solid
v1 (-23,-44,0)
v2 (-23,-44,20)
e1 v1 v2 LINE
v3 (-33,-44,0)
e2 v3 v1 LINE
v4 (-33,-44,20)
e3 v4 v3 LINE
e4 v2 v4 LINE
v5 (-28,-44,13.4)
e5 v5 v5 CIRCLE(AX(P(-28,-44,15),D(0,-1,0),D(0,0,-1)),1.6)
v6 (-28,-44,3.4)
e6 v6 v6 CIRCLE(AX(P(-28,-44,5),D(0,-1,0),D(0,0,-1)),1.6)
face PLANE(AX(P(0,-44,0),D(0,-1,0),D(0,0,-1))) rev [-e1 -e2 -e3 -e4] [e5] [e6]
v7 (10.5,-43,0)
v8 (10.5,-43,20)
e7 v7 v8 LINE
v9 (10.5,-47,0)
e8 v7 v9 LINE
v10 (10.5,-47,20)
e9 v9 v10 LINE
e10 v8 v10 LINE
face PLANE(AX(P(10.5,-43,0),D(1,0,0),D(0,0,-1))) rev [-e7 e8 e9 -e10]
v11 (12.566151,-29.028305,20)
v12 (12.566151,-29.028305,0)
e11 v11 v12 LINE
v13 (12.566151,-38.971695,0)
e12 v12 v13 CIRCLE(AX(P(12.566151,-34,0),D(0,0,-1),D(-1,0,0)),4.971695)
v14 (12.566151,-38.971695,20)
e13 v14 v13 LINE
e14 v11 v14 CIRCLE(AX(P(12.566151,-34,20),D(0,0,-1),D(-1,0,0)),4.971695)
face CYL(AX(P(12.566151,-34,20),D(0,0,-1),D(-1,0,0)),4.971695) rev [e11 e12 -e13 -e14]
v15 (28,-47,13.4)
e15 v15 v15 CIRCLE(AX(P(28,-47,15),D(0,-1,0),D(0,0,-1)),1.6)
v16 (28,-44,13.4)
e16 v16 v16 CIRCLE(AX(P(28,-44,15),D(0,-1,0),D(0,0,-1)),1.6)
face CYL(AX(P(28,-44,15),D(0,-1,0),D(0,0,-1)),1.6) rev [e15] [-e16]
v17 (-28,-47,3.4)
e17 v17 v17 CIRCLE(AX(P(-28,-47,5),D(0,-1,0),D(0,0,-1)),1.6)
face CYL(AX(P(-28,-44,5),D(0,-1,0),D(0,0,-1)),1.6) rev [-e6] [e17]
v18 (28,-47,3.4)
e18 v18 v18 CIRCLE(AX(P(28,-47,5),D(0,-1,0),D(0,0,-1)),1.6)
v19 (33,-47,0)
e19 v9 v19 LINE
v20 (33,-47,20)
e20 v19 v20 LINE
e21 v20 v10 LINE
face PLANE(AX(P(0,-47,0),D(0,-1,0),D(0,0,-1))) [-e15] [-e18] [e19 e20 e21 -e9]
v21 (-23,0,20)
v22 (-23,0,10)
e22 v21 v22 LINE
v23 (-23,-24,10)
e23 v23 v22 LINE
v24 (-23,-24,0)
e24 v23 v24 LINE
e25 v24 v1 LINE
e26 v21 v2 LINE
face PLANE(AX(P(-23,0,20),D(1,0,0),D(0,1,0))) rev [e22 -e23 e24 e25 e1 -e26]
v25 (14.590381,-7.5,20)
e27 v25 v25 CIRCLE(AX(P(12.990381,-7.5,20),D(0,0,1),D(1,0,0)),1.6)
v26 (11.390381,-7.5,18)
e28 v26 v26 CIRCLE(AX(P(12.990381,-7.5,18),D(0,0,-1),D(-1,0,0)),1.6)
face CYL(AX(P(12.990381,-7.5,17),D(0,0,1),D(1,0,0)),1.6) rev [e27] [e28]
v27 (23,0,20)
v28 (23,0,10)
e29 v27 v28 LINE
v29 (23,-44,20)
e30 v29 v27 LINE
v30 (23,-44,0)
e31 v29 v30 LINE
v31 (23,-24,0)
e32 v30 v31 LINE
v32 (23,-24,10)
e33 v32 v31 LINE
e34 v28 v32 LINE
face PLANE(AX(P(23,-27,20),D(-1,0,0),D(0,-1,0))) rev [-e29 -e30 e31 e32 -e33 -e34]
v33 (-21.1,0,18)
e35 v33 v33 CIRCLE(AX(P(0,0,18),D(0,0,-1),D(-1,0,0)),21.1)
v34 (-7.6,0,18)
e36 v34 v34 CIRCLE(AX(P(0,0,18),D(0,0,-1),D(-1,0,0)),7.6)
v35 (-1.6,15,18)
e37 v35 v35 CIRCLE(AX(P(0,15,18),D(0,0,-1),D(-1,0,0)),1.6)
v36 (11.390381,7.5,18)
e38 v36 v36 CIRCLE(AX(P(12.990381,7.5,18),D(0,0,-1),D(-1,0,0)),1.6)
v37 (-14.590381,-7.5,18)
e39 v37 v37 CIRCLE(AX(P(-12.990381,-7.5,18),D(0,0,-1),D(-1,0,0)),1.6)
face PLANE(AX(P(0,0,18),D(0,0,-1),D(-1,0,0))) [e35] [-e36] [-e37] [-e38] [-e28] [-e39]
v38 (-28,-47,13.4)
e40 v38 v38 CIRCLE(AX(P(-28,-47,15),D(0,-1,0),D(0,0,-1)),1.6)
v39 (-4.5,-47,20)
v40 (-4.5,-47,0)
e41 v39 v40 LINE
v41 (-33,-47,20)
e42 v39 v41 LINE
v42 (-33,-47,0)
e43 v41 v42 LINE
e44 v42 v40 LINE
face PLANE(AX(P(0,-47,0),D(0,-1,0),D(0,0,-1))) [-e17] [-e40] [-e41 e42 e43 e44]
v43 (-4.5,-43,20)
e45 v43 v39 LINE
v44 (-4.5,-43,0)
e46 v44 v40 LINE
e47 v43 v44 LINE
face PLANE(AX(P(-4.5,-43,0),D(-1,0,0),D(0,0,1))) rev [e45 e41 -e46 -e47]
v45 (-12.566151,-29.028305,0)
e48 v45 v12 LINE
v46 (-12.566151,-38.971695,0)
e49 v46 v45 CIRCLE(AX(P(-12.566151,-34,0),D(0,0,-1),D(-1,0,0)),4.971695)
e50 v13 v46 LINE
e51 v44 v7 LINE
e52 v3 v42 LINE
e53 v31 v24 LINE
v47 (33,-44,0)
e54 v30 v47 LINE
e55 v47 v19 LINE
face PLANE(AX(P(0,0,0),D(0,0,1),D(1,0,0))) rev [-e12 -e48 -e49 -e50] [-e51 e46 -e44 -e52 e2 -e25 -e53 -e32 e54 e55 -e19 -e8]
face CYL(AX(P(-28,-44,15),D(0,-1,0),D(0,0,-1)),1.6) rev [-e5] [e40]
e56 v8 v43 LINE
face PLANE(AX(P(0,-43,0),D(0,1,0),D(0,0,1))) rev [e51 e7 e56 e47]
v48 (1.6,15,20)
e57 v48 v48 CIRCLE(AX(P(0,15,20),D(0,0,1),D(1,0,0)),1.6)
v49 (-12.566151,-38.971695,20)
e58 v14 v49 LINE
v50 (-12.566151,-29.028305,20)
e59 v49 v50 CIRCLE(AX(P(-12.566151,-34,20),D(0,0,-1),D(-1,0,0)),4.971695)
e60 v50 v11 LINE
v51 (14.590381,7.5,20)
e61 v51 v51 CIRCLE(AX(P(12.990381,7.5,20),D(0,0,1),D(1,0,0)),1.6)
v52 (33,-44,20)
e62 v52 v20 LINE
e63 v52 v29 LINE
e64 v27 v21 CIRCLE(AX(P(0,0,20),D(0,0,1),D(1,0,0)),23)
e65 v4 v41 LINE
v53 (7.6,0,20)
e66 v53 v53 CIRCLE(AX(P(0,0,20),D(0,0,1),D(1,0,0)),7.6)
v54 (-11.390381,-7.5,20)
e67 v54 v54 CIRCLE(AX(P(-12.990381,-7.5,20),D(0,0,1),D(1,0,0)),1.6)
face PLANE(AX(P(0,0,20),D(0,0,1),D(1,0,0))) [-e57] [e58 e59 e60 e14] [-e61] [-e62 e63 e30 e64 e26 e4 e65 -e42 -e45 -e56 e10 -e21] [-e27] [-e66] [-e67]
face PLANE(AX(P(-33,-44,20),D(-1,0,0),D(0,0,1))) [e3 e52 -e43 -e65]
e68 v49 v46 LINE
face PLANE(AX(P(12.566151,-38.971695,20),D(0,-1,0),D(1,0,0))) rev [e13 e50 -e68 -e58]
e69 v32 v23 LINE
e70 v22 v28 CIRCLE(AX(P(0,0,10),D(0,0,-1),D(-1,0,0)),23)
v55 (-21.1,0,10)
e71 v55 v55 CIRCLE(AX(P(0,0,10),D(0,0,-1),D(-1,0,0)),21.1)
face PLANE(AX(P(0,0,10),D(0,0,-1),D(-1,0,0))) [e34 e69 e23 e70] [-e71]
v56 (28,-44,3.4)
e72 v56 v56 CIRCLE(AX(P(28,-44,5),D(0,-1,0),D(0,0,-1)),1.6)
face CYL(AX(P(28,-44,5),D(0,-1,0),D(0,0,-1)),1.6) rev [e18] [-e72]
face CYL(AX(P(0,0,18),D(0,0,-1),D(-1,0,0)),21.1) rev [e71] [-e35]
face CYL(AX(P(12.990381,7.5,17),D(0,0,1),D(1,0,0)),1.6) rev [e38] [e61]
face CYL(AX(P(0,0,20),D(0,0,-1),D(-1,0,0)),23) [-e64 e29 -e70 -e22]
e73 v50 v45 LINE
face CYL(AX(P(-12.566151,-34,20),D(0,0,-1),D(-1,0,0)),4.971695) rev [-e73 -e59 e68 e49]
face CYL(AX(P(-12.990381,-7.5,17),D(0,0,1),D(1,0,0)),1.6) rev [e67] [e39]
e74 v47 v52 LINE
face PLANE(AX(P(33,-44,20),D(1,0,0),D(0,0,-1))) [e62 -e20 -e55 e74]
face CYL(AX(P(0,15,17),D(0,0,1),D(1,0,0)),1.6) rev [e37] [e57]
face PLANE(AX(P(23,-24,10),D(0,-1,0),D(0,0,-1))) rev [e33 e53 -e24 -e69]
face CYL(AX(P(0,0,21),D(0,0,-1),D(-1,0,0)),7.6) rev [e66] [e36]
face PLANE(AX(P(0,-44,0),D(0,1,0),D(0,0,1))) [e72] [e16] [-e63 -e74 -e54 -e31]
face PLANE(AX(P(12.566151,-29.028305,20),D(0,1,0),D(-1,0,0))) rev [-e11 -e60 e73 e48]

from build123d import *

# Parameters (mm, degrees)
EXTRUDE_1_DEPTH      = 20
CUT_EXTRUDE_1_DEPTH  = 10
SKETCH_3_R           = 21.1
CUT_EXTRUDE_2_DEPTH  = 8
SKETCH_7_R           = 1.6
CUT_EXTRUDE_6_DEPTH  = 3
SKETCH_8_R           = 7.6
CUT_EXTRUDE_7_DEPTH  = 3
SKETCH_12_W          = 46
SKETCH_12_H          = 20
EXTRUDE_4_DEPTH      = 20
SKETCH_14_W          = 10
SKETCH_14_H          = 20
SKETCH_14_R          = 1.6
EXTRUDE_5_DEPTH      = 3
SKETCH_16_W          = 15
SKETCH_16_H          = 20
CUT_EXTRUDE_10_DEPTH = 4
CUT_EXTRUDE_11_DEPTH = 61.811183182


with BuildPart() as part:
    # 草图1 → 凸台-拉伸1 (new body)
    with BuildSketch(Plane.XY):
        with BuildLine():
            Line((-23, 0), (-23, -27))
            Line((-23, -27), (23, -27))
            Line((23, -27), (23, 0))
            ThreePointArc((23, 0), (0, 23), (-23, 0))
        make_face()
    extrude(amount=EXTRUDE_1_DEPTH)

    # 草图2 → 切除-拉伸1 (cut)
    with BuildSketch(Plane(origin=(0, 0, 0), x_dir=(-1, 0, 0), z_dir=(0, 0, -1))):
        with BuildLine():
            Line((-23, -24), (23, -24))
            Line((23, -24), (23, 0))
            ThreePointArc((23, 0), (0, 23), (-23, 0))
            Line((-23, 0), (-23, -24))
        make_face()
    extrude(amount=-CUT_EXTRUDE_1_DEPTH, mode=Mode.SUBTRACT)

    # 草图3 → 切除-拉伸2 (cut)
    with BuildSketch(Plane(origin=(0, 0, 10), x_dir=(-1, 0, 0), z_dir=(0, 0, -1))):
        Circle(SKETCH_3_R)
    extrude(amount=-CUT_EXTRUDE_2_DEPTH, mode=Mode.SUBTRACT)

    # 草图7 → 切除-拉伸6 (cut)
    with BuildSketch(Plane.XY.offset(20)):
        with Locations((0, 15)):
            Circle(SKETCH_7_R)
        with Locations((12.990381057, 7.5)):
            Circle(SKETCH_7_R)
        with Locations((12.990381057, -7.5)):
            Circle(SKETCH_7_R)
        with Locations((-12.990381057, -7.5)):
            Circle(SKETCH_7_R)
    extrude(amount=-CUT_EXTRUDE_6_DEPTH, mode=Mode.SUBTRACT)

    # 草图8 → 切除-拉伸7 (cut)
    with BuildSketch(Plane(origin=(0, 0, 18), x_dir=(-1, 0, 0), z_dir=(0, 0, -1))):
        Circle(SKETCH_8_R)
    extrude(amount=-CUT_EXTRUDE_7_DEPTH, mode=Mode.SUBTRACT)

    # 草图12 → 凸台-拉伸4 (add)
    with BuildSketch(Plane.XZ.offset(27)):
        with Locations((0, 10)):
            Rectangle(SKETCH_12_W, SKETCH_12_H)
    extrude(amount=EXTRUDE_4_DEPTH)

    # 草图14 → 凸台-拉伸5 (add)
    # profile 1 of 2: a face of its own
    with BuildSketch(Plane.XZ.offset(47)):
        with Locations((28, 10)):
            Rectangle(SKETCH_14_W, SKETCH_14_H)
        with Locations(Location((28, 5, 0), (0, 0, 270))):
            Circle(SKETCH_14_R, mode=Mode.SUBTRACT)
        with Locations(Location((28, 15, 0), (0, 0, 270))):
            Circle(SKETCH_14_R, mode=Mode.SUBTRACT)
    # profile 2 of 2: a face of its own
    with BuildSketch(Plane.XZ.offset(47)):
        with Locations((-28, 10)):
            Rectangle(SKETCH_14_W, SKETCH_14_H)
        with Locations(Location((-28, 5, 0), (0, 0, 270))):
            Circle(SKETCH_14_R, mode=Mode.SUBTRACT)
        with Locations(Location((-28, 15, 0), (0, 0, 270))):
            Circle(SKETCH_14_R, mode=Mode.SUBTRACT)
    extrude(amount=-EXTRUDE_5_DEPTH)

    # 草图16 → 切除-拉伸10 (cut)
    with BuildSketch(Plane.XZ.offset(47)):
        with Locations((3, 10)):
            Rectangle(SKETCH_16_W, SKETCH_16_H)
    extrude(amount=-CUT_EXTRUDE_10_DEPTH, mode=Mode.SUBTRACT)

    # 草图17 → 切除-拉伸11 (cut, through all)
    with BuildSketch(Plane(origin=(0, 0, 0), x_dir=(-1, 0, 0), z_dir=(0, 0, -1))):
        with BuildLine():
            Line((-12.566151066, -29.028305096), (12.566151066, -29.028305096))
            ThreePointArc((12.566151066, -29.028305096), (17.53784597, -34), (12.566151066, -38.971694904))
            Line((12.566151066, -38.971694904), (-12.566151066, -38.971694904))
            ThreePointArc((-12.566151066, -38.971694904), (-17.53784597, -34), (-12.566151066, -29.028305096))
        make_face()
    extrude(amount=-CUT_EXTRUDE_11_DEPTH, mode=Mode.SUBTRACT)


solid = part.part
